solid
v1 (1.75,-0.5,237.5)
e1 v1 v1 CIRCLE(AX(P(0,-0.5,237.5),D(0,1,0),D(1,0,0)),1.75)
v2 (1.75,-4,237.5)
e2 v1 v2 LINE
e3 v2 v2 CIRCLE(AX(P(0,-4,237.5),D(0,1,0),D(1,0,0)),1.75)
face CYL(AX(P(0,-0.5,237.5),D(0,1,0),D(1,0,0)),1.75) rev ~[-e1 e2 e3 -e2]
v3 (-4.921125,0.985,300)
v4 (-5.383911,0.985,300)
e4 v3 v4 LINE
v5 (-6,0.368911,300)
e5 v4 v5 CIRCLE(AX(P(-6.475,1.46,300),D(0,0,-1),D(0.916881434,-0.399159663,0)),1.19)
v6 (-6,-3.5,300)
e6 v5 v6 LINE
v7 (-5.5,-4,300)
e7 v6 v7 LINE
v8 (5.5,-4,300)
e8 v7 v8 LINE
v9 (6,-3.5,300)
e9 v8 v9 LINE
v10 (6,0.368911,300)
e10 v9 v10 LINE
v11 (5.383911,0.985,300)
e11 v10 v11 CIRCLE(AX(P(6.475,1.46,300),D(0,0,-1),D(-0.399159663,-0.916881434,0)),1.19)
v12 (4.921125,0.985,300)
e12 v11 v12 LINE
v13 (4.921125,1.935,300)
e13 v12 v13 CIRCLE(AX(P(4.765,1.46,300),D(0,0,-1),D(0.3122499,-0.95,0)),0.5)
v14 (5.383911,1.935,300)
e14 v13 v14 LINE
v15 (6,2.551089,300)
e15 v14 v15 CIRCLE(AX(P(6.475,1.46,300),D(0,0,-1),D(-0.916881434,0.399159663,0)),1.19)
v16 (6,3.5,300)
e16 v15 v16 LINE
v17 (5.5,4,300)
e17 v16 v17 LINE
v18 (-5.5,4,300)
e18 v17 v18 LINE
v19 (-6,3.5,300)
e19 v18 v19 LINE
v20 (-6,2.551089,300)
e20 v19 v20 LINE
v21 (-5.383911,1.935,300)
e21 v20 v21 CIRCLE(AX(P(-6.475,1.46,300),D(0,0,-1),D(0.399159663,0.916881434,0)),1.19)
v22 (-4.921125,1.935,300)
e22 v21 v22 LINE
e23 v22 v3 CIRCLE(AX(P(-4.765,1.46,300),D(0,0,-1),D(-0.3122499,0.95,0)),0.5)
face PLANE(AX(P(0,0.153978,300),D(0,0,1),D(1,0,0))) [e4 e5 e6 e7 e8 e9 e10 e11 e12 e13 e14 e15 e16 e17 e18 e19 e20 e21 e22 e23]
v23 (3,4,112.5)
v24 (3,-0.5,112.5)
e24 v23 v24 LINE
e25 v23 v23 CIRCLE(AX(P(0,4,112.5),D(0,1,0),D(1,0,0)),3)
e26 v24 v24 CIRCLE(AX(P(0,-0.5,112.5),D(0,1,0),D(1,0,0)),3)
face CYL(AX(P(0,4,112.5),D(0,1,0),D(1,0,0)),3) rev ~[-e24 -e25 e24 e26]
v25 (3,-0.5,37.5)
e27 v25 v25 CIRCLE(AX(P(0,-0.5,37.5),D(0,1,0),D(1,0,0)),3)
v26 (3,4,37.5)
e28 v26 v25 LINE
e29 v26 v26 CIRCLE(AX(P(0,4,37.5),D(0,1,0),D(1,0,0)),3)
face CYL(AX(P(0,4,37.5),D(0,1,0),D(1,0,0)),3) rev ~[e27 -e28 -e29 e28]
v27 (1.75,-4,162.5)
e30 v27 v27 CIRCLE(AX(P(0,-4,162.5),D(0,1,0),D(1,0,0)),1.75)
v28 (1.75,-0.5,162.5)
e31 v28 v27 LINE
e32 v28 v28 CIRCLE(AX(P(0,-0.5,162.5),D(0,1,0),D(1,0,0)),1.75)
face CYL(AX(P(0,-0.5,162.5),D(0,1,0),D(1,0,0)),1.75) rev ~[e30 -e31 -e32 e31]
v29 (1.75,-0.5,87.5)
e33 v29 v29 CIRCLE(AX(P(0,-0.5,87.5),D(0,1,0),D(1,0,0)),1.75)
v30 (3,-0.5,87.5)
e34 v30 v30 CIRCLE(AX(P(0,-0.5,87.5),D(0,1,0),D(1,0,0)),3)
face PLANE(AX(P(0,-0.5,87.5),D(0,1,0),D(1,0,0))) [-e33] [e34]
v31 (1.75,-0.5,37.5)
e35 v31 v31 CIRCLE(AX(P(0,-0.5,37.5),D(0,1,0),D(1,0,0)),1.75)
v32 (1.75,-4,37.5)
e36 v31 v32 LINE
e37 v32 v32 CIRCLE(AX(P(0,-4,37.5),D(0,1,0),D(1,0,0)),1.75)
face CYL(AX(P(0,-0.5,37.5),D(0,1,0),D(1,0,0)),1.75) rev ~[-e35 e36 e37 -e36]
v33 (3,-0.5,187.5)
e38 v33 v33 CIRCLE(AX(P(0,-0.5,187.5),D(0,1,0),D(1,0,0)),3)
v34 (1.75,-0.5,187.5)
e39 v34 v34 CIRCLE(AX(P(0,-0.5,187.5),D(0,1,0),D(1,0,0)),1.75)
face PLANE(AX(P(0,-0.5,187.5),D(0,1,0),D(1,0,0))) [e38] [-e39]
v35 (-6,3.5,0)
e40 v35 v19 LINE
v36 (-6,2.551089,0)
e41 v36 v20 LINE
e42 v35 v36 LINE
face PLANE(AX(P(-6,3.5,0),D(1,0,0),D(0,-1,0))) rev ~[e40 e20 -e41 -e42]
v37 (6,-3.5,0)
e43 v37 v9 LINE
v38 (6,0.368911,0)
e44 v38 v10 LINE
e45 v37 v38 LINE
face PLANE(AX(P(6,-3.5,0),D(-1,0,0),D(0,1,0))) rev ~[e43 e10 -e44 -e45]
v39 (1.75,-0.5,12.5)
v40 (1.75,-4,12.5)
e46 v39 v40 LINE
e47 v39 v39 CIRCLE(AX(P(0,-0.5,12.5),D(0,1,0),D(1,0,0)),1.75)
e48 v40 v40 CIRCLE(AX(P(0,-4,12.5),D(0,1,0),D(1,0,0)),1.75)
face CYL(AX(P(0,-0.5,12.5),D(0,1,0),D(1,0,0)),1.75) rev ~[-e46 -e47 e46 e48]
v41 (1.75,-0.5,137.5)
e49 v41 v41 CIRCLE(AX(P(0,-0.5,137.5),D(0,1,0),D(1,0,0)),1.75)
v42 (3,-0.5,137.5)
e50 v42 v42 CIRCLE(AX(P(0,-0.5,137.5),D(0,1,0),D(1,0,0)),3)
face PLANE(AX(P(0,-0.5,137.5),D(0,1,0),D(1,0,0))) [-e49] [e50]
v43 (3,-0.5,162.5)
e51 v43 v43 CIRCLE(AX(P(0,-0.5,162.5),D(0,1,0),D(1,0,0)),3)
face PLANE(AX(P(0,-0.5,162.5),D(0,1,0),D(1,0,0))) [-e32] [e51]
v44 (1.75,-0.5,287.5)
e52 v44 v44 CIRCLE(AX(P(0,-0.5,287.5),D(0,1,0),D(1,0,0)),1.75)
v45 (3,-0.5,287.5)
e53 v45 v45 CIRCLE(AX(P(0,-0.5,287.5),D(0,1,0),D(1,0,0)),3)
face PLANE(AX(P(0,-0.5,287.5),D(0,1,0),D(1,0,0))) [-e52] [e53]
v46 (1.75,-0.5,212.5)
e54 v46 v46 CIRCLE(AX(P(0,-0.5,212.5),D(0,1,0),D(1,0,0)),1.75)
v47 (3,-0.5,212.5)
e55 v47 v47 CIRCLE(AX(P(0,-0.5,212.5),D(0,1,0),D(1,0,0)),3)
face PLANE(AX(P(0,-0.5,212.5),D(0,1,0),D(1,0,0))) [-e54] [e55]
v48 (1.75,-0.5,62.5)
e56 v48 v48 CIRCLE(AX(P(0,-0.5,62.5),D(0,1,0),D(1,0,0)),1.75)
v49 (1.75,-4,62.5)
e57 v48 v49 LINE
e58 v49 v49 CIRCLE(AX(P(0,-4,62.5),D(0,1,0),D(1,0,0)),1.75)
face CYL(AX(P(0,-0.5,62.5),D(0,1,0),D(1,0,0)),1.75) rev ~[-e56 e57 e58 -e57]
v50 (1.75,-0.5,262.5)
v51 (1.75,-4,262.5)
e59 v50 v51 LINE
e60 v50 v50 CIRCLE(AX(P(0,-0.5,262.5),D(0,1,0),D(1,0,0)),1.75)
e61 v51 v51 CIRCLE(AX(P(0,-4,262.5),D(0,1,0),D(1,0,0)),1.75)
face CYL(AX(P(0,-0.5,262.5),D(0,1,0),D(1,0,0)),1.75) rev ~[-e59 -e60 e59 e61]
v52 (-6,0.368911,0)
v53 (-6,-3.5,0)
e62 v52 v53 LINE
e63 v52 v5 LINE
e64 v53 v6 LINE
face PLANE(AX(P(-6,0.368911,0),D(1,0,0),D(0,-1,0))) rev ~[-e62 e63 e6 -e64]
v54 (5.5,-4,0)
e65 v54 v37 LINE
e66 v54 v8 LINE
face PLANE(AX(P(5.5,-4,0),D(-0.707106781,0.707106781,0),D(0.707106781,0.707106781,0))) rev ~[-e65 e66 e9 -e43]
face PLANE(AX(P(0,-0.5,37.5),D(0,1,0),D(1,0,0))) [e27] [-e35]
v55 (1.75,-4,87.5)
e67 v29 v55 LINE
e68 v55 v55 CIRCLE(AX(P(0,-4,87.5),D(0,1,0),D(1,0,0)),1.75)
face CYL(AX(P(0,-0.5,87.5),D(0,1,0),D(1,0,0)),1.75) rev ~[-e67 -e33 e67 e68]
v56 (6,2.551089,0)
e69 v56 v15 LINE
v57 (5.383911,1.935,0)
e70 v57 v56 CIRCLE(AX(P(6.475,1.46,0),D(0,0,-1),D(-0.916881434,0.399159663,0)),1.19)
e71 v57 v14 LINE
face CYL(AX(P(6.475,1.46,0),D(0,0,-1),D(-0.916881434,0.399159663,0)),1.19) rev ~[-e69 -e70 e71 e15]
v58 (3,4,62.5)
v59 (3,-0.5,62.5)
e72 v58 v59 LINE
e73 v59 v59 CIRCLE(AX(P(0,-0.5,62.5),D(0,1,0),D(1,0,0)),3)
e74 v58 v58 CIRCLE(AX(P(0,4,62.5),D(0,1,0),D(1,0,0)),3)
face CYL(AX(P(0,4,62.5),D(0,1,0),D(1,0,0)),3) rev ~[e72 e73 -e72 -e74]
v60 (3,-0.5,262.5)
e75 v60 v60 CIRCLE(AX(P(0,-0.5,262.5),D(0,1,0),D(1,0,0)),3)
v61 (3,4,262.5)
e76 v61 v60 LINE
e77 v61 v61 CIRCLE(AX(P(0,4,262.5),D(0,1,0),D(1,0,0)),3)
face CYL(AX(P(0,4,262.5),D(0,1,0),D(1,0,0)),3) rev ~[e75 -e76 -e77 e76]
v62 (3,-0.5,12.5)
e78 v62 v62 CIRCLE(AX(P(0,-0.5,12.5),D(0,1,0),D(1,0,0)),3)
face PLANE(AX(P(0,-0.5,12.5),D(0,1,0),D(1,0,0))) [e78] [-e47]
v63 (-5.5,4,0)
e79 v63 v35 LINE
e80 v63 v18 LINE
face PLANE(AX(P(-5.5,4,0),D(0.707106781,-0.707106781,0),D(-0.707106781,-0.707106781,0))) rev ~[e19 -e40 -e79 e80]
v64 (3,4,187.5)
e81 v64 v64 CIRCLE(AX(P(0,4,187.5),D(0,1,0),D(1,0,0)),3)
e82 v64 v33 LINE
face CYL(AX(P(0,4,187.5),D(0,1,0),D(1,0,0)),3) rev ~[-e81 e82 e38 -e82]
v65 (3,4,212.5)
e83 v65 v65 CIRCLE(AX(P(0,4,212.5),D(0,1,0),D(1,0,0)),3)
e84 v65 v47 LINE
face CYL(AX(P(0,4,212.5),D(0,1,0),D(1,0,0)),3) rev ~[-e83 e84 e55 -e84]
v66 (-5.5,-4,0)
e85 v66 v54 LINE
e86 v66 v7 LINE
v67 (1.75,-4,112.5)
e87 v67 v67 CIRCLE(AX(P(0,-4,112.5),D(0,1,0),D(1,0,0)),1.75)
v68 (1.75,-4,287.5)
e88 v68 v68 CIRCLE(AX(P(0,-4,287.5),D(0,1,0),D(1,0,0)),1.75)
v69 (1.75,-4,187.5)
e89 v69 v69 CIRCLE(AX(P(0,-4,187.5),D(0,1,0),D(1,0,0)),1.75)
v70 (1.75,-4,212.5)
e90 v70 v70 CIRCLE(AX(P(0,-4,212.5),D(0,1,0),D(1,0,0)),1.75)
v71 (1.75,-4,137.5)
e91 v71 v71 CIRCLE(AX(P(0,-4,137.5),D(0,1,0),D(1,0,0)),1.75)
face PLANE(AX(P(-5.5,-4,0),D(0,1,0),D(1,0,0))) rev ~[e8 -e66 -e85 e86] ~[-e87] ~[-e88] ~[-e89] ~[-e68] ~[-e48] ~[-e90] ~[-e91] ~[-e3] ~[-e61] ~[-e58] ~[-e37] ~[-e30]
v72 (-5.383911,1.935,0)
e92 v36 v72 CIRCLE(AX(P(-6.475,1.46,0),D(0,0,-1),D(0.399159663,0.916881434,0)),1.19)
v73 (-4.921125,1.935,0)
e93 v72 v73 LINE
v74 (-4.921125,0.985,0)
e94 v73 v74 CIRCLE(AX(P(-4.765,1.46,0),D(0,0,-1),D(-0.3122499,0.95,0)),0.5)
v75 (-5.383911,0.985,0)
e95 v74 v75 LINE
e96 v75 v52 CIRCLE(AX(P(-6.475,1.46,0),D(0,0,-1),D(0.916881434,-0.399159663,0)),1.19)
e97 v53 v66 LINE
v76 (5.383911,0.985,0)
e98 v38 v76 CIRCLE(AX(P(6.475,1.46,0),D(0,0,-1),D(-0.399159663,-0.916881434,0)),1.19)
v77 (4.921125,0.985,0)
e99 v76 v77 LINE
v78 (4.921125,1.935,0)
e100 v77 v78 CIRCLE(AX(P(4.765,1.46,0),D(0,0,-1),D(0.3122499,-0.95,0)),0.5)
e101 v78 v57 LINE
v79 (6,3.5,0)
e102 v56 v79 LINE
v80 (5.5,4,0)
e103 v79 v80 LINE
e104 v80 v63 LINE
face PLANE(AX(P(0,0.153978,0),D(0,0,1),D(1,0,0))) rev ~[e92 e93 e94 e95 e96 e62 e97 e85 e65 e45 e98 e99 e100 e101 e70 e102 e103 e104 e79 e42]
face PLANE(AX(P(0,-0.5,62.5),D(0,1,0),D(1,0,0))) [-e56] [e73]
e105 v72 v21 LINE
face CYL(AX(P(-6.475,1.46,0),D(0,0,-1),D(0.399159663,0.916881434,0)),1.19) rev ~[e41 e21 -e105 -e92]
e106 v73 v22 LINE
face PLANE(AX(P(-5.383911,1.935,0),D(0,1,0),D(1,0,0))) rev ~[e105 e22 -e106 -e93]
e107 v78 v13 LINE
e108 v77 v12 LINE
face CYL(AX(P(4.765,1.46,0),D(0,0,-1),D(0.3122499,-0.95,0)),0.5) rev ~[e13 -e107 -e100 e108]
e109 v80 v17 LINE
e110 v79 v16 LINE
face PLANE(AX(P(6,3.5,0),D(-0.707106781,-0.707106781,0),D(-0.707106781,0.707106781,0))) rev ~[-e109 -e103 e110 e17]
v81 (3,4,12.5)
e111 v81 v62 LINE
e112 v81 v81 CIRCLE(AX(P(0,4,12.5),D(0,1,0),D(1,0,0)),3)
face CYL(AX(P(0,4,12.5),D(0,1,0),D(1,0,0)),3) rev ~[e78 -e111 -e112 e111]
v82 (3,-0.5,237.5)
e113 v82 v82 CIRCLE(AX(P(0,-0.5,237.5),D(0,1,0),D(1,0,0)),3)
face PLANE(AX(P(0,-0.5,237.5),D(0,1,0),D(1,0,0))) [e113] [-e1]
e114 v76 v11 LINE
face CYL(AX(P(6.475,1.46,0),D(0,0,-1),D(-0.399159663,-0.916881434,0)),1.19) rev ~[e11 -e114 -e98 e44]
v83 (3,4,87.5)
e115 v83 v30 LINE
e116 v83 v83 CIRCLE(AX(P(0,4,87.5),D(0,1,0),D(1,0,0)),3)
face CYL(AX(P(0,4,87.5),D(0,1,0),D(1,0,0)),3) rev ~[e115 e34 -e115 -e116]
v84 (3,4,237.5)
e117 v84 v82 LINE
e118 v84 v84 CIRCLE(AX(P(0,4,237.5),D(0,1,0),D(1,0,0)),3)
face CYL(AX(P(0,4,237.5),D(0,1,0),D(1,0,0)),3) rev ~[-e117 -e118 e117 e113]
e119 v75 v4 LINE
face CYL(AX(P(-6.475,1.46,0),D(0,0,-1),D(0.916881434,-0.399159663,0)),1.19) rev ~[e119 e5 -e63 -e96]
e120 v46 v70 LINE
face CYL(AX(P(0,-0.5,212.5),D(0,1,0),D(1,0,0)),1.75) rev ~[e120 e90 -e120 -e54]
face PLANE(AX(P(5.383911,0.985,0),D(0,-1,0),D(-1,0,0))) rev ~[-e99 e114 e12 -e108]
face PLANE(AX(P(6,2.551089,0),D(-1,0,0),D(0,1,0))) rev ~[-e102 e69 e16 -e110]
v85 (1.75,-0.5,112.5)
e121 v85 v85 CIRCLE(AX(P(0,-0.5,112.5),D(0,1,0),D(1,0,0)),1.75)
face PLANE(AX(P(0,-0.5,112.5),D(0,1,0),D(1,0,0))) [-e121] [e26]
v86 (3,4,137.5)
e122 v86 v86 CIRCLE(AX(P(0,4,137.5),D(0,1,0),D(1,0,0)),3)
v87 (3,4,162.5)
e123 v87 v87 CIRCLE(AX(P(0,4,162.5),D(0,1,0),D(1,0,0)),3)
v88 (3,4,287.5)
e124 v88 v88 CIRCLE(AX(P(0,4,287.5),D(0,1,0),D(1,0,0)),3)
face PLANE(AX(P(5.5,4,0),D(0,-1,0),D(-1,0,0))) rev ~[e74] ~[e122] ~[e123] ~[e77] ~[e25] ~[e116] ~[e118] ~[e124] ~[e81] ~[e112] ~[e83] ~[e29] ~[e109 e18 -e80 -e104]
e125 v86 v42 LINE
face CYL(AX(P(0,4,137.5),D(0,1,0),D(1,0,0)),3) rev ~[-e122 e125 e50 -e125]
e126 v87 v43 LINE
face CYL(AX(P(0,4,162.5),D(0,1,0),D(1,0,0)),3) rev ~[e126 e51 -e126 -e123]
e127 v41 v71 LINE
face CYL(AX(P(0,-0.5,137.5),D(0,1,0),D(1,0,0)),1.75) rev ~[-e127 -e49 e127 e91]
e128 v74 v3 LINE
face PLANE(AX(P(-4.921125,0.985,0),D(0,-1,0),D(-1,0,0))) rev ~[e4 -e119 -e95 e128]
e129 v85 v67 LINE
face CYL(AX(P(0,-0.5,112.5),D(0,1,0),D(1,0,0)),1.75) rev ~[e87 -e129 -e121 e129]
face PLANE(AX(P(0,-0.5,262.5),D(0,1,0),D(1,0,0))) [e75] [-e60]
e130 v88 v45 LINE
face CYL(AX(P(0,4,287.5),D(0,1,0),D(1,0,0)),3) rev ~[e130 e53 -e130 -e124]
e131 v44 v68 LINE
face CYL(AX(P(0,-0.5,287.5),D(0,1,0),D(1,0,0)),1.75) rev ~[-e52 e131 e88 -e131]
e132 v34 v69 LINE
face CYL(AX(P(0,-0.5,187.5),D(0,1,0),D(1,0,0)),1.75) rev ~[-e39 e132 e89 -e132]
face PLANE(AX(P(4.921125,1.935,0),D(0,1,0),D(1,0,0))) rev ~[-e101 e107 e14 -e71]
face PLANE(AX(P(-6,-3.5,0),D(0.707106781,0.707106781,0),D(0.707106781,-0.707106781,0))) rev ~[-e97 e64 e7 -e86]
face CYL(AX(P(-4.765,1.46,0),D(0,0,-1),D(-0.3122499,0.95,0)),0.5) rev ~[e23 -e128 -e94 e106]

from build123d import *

# Parameters (mm, degrees)
BOSS_EXTRUDE1_DEPTH = 300
SKETCH2_R           = 3
CUT_EXTRUDE1_DEPTH  = 4.5
SKETCH3_R           = 1.75
CUT_EXTRUDE2_DEPTH  = 4.5
LPATTERN1_COUNT     = 14
LPATTERN1_PITCH     = 25


with BuildPart() as part:
    # Sketch1 → Boss-Extrude1 (new body)
    with BuildSketch(Plane.XY):
        with BuildLine():
            Line((6, -3.5), (6, 0.368911094))
            ThreePointArc((6, 0.368911094), (5.63354293, 0.61854293), (5.383911094, 0.985))
            Line((5.383911094, 0.985), (4.92112495, 0.985))
            ThreePointArc((4.92112495, 0.985), (4.265, 1.46), (4.92112495, 1.935))
            Line((4.92112495, 1.935), (5.383911094, 1.935))
            ThreePointArc((5.383911094, 1.935), (5.63354293, 2.30145707), (6, 2.551088906))
            Line((6, 2.551088906), (6, 3.5))
            Line((6, 3.5), (5.5, 4))
            Line((5.5, 4), (-5.5, 4))
            Line((-5.5, 4), (-6, 3.5))
            Line((-6, 3.5), (-6, 2.551088906))
            ThreePointArc((-6, 2.551088906), (-5.63354293, 2.30145707), (-5.383911094, 1.935))
            Line((-5.383911094, 1.935), (-4.92112495, 1.935))
            ThreePointArc((-4.92112495, 1.935), (-4.265, 1.46), (-4.92112495, 0.985))
            Line((-4.92112495, 0.985), (-5.383911094, 0.985))
            ThreePointArc((-5.383911094, 0.985), (-5.63354293, 0.61854293), (-6, 0.368911094))
            Line((-6, 0.368911094), (-6, -3.5))
            Line((-6, -3.5), (-5.5, -4))
            Line((-5.5, -4), (5.5, -4))
            Line((5.5, -4), (6, -3.5))
        make_face()
    extrude(amount=BOSS_EXTRUDE1_DEPTH)

    # Sketch2 → Cut-Extrude1 (cut)
    with BuildSketch(Plane(origin=(0, 4, 0), x_dir=(1, 0, 0), z_dir=(0, 1, 0))):
        with Locations((0, -12.5)):
            Circle(SKETCH2_R)
    cut_extrude1 = extrude(amount=-CUT_EXTRUDE1_DEPTH, mode=Mode.SUBTRACT)

    # Sketch3 → Cut-Extrude2 (cut, through all)
    with BuildSketch(Plane(origin=(0, -0.5, 0), x_dir=(1, 0, 0), z_dir=(0, 1, 0))):
        with Locations((0, -12.5)):
            Circle(SKETCH3_R)
    cut_extrude2 = extrude(amount=-CUT_EXTRUDE2_DEPTH, mode=Mode.SUBTRACT)

    # LPattern1: Cut-Extrude1, Cut-Extrude2 ×14
    with Locations(*[(0, 0, i * LPATTERN1_PITCH) for i in range(1, LPATTERN1_COUNT)]):
        add(cut_extrude1, mode=Mode.SUBTRACT)
        add(cut_extrude2, mode=Mode.SUBTRACT)


solid = part.part
